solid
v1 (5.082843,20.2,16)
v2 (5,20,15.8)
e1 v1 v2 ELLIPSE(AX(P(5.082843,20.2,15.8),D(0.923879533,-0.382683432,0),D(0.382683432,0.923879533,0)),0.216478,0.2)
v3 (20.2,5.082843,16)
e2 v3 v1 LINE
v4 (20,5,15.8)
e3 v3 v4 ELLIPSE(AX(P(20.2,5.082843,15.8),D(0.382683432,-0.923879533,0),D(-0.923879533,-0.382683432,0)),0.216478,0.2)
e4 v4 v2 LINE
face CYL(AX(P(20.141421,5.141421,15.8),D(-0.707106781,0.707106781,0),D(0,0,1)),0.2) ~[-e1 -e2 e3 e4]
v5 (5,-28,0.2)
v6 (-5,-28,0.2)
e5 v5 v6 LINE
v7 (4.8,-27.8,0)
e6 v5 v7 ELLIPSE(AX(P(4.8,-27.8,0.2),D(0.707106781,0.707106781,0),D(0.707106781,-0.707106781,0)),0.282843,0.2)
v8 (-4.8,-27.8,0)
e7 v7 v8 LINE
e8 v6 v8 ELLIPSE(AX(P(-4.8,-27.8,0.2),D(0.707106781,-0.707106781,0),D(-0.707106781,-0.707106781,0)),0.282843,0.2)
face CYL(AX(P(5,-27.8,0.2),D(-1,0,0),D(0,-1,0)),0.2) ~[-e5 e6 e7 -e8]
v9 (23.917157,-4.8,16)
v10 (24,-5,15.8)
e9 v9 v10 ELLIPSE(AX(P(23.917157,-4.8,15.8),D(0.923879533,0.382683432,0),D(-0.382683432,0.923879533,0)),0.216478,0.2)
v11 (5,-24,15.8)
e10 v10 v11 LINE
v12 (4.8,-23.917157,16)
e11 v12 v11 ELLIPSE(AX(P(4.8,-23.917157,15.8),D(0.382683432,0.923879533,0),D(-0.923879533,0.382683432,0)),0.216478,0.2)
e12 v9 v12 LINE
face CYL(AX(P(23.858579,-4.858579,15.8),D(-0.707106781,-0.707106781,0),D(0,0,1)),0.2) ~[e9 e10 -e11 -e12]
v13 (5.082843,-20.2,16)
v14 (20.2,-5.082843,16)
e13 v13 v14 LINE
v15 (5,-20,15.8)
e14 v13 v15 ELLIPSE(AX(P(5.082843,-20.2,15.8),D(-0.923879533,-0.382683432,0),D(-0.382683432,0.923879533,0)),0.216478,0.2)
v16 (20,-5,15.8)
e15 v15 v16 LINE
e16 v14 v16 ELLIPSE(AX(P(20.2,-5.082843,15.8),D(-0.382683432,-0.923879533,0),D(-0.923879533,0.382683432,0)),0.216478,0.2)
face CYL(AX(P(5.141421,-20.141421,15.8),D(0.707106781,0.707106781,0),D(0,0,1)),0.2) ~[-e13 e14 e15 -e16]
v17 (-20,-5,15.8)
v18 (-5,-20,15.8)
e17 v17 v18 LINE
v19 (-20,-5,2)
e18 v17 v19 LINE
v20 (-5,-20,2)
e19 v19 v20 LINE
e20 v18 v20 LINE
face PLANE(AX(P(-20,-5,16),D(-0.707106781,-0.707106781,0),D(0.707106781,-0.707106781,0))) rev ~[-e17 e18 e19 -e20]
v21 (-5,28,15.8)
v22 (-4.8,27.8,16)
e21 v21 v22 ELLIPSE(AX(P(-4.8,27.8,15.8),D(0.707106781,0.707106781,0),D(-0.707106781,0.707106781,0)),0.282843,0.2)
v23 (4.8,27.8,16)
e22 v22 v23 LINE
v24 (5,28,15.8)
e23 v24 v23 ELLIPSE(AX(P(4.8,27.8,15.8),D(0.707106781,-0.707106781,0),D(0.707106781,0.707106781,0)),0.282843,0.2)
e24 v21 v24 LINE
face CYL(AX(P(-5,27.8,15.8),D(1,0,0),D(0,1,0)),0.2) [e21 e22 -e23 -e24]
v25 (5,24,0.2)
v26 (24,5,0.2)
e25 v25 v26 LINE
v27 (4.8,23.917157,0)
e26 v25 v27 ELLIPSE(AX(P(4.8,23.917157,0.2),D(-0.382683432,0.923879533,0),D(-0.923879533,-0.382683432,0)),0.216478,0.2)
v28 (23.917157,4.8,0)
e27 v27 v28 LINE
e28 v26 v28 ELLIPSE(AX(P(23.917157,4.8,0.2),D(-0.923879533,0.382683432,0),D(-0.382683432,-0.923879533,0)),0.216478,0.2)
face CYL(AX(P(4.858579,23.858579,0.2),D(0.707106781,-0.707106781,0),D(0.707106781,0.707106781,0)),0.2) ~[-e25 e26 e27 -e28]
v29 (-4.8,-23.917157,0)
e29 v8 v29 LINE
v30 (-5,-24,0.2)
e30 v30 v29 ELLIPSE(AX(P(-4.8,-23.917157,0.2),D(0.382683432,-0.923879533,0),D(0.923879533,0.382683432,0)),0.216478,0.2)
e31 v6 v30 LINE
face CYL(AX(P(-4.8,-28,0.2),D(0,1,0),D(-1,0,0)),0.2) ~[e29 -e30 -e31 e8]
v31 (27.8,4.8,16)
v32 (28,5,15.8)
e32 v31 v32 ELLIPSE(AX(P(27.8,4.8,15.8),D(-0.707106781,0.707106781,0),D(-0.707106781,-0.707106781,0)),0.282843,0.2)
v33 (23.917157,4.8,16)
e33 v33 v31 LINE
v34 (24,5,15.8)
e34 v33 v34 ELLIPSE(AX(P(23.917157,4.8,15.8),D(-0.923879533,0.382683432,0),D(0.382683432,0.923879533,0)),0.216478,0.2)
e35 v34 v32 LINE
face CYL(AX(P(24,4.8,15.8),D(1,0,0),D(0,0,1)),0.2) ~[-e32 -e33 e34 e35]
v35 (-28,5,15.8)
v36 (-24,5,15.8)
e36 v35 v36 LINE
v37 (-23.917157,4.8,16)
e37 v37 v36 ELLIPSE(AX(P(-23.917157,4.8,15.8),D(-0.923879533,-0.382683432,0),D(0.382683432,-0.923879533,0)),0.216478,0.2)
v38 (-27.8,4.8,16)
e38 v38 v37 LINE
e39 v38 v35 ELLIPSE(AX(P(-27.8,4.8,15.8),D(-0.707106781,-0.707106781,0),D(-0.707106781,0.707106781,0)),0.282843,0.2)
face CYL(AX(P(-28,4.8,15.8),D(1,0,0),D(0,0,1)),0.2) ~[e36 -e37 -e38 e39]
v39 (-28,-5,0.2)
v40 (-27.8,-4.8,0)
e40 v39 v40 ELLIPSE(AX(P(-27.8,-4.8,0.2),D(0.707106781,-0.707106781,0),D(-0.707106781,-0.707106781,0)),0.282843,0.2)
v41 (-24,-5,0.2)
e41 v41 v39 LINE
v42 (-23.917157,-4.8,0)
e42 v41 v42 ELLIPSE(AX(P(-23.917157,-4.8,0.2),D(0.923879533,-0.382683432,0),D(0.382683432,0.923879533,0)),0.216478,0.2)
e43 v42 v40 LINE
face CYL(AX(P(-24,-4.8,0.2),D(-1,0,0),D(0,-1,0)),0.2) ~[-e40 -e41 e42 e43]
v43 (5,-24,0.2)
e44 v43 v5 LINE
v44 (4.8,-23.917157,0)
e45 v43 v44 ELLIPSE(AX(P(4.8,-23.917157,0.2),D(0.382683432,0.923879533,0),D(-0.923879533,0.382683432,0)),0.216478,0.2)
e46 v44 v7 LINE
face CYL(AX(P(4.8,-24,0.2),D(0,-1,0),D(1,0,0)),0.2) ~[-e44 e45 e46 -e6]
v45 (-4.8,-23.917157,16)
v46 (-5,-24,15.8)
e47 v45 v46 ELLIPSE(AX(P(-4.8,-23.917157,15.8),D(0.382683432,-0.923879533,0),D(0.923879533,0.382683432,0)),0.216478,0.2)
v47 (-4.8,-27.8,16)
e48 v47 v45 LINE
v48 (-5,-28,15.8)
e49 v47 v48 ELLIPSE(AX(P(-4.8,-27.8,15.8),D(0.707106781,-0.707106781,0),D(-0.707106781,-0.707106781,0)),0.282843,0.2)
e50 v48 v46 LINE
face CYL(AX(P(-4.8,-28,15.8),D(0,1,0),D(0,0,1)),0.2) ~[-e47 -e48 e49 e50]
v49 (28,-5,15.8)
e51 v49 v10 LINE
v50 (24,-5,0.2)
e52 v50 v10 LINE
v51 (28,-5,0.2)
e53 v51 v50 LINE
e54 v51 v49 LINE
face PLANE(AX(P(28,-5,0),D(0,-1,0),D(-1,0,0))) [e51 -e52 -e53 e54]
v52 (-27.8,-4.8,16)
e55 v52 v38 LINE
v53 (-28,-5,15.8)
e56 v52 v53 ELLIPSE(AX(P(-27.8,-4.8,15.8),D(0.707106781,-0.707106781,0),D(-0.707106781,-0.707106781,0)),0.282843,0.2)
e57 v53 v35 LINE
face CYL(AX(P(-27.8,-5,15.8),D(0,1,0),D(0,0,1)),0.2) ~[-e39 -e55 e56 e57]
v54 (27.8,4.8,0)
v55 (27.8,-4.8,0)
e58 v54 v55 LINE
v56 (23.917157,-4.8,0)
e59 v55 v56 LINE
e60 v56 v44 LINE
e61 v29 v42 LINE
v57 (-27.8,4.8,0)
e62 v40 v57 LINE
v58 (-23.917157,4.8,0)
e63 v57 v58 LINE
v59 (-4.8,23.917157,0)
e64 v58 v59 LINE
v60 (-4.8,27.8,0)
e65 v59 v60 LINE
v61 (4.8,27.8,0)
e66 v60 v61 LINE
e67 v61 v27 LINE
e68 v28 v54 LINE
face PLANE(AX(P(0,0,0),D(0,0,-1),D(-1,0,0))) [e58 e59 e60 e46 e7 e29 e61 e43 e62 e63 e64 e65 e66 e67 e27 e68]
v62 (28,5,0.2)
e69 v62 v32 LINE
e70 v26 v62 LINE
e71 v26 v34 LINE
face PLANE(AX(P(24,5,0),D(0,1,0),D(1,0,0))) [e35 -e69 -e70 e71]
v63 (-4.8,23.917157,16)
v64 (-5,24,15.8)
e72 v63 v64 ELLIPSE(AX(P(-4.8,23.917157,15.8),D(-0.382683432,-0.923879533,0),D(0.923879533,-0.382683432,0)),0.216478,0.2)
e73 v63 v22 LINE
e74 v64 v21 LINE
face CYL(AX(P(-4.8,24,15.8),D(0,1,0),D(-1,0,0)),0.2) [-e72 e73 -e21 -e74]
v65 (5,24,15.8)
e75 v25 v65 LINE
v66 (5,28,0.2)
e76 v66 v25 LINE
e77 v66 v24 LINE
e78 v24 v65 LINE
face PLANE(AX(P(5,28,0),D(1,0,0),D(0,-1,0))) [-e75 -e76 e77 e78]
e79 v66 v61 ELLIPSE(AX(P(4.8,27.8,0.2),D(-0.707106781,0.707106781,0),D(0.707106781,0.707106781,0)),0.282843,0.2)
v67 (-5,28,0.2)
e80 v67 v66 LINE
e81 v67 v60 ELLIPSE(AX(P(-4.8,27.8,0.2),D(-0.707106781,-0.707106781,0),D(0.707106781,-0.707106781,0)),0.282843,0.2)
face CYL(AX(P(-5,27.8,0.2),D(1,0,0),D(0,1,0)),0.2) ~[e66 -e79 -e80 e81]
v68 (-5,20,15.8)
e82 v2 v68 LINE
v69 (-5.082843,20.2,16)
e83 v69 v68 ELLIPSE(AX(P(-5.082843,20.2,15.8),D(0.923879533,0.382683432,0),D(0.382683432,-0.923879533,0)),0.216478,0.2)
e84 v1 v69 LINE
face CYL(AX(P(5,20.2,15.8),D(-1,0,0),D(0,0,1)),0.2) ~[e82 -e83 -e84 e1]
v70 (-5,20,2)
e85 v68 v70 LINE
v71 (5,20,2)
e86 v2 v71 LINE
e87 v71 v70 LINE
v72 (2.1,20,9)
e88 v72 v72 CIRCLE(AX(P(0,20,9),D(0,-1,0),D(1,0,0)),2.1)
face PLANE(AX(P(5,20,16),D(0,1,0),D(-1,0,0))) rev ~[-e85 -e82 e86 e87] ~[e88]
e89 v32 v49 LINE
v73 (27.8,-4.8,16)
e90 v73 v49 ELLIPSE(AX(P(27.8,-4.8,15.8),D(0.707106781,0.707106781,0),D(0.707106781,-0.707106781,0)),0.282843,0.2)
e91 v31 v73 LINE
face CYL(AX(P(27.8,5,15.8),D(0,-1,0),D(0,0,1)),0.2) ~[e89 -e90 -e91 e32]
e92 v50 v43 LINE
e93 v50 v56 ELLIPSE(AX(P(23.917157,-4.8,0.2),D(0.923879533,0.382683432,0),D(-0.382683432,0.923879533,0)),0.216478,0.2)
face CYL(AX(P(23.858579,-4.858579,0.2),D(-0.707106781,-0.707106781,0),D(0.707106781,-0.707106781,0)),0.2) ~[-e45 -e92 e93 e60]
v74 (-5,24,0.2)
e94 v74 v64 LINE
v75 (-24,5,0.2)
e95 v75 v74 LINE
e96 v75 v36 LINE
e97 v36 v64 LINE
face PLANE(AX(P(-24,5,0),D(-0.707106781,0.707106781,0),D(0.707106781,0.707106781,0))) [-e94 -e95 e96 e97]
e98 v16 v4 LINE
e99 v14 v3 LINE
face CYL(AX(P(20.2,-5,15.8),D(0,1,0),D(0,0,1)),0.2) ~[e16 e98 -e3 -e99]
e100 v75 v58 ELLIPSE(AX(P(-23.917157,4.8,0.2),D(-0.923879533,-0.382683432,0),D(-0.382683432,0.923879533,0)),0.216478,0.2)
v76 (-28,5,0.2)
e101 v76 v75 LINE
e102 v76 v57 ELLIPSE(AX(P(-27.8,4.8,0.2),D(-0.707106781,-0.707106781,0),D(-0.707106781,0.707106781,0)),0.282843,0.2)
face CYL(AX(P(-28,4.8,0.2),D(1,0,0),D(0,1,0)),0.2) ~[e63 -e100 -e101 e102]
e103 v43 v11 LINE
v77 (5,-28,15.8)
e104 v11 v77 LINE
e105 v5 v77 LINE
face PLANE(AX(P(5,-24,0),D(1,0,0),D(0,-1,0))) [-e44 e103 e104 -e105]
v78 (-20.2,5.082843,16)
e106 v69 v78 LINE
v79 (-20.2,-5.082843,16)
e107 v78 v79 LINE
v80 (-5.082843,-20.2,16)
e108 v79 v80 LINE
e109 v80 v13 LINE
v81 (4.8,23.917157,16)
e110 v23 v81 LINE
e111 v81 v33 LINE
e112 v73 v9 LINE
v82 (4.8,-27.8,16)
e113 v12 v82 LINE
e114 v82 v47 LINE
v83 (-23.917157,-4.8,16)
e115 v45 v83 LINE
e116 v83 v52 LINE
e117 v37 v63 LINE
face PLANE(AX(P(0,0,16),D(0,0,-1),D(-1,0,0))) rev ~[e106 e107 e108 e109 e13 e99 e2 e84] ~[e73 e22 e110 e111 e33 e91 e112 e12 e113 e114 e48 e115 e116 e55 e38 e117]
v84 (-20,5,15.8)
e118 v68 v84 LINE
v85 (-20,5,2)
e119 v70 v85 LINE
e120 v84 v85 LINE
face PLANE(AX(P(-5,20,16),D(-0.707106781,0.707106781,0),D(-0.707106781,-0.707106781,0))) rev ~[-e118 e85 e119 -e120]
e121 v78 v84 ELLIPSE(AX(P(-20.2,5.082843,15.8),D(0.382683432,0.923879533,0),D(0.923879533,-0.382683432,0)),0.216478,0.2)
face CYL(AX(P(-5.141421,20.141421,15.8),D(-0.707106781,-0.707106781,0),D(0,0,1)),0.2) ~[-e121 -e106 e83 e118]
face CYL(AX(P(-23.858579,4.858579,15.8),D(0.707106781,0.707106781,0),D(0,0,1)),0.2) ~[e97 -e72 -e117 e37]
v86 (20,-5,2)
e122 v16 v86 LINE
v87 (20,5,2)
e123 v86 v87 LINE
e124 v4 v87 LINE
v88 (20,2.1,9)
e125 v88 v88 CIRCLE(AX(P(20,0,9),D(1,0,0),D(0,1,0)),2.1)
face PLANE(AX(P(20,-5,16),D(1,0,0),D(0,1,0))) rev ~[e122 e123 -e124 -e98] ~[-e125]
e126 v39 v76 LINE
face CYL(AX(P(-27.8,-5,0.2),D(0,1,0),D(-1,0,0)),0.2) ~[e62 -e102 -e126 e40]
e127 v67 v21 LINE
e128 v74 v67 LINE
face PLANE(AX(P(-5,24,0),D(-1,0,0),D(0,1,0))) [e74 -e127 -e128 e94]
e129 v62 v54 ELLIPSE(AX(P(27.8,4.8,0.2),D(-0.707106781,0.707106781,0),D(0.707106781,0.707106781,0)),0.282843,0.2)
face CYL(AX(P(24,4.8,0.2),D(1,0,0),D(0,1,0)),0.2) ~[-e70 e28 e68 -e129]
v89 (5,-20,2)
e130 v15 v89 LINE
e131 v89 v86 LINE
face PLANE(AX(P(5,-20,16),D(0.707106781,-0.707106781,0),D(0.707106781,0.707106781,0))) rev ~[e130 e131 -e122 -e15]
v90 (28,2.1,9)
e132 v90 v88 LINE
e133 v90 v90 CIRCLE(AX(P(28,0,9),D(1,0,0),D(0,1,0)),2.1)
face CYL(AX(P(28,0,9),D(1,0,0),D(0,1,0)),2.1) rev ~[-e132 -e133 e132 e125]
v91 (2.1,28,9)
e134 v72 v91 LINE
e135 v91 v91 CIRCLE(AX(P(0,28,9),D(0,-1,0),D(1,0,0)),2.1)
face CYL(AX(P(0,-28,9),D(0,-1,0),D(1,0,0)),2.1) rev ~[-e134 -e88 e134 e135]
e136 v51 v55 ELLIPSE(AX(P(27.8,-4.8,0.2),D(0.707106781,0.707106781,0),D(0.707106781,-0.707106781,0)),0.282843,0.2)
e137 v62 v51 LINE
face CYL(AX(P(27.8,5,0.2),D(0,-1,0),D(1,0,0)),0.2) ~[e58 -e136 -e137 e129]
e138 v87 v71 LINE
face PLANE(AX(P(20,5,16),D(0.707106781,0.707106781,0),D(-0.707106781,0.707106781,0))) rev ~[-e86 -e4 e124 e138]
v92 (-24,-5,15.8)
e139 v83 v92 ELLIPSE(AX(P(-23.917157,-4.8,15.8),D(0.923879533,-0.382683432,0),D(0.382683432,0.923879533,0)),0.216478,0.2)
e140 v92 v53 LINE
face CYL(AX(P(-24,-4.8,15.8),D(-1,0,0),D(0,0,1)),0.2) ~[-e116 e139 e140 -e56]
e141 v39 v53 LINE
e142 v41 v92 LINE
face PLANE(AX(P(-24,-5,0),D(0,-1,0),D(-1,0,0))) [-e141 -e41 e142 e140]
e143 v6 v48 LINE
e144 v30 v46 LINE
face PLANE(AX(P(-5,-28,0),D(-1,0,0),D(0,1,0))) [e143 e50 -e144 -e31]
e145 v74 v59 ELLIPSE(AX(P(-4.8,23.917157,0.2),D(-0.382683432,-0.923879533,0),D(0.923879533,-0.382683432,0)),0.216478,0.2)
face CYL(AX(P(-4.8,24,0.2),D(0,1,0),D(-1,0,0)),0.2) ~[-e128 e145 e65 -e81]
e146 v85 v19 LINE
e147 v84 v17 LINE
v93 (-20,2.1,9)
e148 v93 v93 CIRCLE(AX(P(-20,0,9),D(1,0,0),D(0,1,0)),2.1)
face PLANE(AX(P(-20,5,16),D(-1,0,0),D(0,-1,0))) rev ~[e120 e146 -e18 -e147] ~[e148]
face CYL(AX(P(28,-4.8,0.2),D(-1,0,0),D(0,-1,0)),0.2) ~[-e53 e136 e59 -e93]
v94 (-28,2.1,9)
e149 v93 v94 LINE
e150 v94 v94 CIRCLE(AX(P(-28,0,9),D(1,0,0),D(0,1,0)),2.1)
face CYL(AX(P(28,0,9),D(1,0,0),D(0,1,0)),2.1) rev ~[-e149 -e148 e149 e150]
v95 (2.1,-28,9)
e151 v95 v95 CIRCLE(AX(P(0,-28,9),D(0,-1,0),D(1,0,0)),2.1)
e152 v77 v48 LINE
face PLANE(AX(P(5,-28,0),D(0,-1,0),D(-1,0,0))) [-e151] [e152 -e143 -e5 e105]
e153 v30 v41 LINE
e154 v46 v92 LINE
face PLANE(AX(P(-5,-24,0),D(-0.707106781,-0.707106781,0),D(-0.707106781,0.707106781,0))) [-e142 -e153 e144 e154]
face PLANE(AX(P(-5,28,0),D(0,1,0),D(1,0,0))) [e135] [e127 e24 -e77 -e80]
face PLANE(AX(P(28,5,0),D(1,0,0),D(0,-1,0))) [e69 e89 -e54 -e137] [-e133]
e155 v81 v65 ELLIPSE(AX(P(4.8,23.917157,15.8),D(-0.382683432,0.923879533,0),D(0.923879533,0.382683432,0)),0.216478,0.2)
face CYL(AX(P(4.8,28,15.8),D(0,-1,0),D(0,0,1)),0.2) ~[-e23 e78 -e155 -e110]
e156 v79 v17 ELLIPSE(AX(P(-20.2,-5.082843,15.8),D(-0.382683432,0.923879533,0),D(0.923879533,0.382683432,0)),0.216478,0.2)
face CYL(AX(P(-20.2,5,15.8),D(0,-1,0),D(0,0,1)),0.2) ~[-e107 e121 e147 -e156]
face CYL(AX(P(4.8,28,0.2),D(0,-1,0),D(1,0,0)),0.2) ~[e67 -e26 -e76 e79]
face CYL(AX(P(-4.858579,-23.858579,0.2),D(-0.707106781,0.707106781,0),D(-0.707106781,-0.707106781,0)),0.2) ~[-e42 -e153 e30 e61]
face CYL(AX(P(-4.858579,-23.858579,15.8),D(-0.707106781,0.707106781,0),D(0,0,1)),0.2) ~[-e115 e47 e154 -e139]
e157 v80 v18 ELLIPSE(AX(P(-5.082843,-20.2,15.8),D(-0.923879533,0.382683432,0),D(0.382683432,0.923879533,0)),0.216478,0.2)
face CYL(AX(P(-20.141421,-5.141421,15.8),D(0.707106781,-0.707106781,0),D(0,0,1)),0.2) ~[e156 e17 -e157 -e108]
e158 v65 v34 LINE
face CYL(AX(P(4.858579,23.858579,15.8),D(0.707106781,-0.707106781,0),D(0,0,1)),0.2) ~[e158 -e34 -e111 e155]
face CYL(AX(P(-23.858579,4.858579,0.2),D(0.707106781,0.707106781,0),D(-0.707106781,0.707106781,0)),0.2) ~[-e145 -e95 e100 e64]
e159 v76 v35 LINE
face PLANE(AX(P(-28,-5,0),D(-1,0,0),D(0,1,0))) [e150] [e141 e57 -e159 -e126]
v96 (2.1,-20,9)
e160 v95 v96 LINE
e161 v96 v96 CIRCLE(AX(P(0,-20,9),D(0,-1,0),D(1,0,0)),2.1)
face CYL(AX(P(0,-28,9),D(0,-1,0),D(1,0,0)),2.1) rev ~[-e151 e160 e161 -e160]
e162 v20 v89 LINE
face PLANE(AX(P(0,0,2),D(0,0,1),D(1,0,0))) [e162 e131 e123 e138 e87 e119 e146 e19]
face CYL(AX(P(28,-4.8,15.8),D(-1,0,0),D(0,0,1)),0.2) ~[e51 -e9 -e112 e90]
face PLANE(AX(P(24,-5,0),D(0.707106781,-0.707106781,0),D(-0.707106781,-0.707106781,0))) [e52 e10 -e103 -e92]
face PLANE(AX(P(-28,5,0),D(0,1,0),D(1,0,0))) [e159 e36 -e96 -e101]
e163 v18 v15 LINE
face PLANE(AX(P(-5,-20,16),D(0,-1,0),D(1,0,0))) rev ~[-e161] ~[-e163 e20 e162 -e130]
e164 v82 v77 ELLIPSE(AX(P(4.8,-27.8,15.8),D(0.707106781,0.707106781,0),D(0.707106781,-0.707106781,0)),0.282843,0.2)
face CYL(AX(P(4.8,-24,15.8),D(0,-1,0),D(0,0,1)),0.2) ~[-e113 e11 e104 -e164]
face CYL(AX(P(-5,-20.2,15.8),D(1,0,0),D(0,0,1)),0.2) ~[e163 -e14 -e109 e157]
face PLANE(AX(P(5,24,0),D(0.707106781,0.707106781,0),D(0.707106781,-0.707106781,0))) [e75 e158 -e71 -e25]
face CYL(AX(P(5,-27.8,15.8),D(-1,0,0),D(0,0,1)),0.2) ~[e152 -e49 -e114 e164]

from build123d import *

# Parameters (mm, degrees)
PAD_DEPTH       = 16
POCKET_DEPTH    = 14
SKETCH002_R     = 2.1
POCKET001_DEPTH = 100
SKETCH003_R     = 2.1
POCKET002_DEPTH = 100
FILLET_R        = 0.2
FILLET001_R     = 0.2
FILLET002_R     = 0.2


with BuildPart() as part:
    # Sketch → Pad (new body)
    with BuildSketch(Plane.XY):
        Polygon((-5, 28), (5, 28), (5, 24), (24, 5), (28, 5), (28, -5), (24, -5), (5, -24), (5, -28), (-5, -28), (-5, -24), (-24, -5), (-28, -5), (-28, 5), (-24, 5), (-5, 24), align=None)
    extrude(amount=PAD_DEPTH)

    # Sketch001 (on Face18 of Pad) → Pocket (cut)
    with BuildSketch(Plane.XY.offset(16)):
        Polygon((5, 20), (-5, 20), (-20, 5), (-20, -5), (-5, -20), (5, -20), (20, -5), (20, 5), align=None)
    extrude(amount=-POCKET_DEPTH, mode=Mode.SUBTRACT)

    # Sketch002 (on Face17 of Pocket) → Pocket001 (cut)
    with BuildSketch(Plane.XZ.offset(28)):
        with Locations((0, 9)):
            Circle(SKETCH002_R)
    extrude(amount=-POCKET001_DEPTH, mode=Mode.SUBTRACT)

    # Sketch003 (on Face13 of Pocket001) → Pocket002 (cut)
    with BuildSketch(Plane.YZ.offset(28)):
        with Locations((0, 9)):
            Circle(SKETCH003_R)
    extrude(amount=-POCKET002_DEPTH, mode=Mode.SUBTRACT)

    # Fillet
    fillet_edges = [part.edges().sort_by_distance(p)[0] for p in [
        (28, 0, 16),
        (26, 5, 16),
        (14.5, 14.5, 16),
        (26, -5, 16),
        (14.5, -14.5, 16),
        (5, -26, 16),
        (0, -28, 16),
        (-5, -26, 16),
        (-14.5, -14.5, 16),
        (-26, -5, 16),
        (-28, 0, 16),
        (-26, 5, 16),
        (-14.5, 14.5, 16),
        (-5, 26, 16),
        (0, 28, 16),
        (5, 26, 16),
    ]]
    fillet(fillet_edges, radius=FILLET_R)

    # Fillet001
    fillet001_edges = [part.edges().sort_by_distance(p)[0] for p in [
        (12.5, 12.5, 16),
        (20, 0, 16),
        (12.5, -12.5, 16),
        (0, -20, 16),
        (-12.5, -12.5, 16),
        (-20, 0, 16),
        (-12.5, 12.5, 16),
        (0, 20, 16),
    ]]
    fillet(fillet001_edges, radius=FILLET001_R)

    # Fillet002
    fillet002_edges = [part.edges().sort_by_distance(p)[0] for p in [
        (0, 28, 0),
        (-14.5, 14.5, 0),
        (-5, 26, 0),
        (5, 26, 0),
        (14.5, 14.5, 0),
        (26, 5, 0),
        (28, 0, 0),
        (26, -5, 0),
        (14.5, -14.5, 0),
        (5, -26, 0),
        (0, -28, 0),
        (-5, -26, 0),
        (-14.5, -14.5, 0),
        (-26, -5, 0),
        (-28, 0, 0),
        (-26, 5, 0),
    ]]
    fillet(fillet002_edges, radius=FILLET002_R)


solid = part.part
